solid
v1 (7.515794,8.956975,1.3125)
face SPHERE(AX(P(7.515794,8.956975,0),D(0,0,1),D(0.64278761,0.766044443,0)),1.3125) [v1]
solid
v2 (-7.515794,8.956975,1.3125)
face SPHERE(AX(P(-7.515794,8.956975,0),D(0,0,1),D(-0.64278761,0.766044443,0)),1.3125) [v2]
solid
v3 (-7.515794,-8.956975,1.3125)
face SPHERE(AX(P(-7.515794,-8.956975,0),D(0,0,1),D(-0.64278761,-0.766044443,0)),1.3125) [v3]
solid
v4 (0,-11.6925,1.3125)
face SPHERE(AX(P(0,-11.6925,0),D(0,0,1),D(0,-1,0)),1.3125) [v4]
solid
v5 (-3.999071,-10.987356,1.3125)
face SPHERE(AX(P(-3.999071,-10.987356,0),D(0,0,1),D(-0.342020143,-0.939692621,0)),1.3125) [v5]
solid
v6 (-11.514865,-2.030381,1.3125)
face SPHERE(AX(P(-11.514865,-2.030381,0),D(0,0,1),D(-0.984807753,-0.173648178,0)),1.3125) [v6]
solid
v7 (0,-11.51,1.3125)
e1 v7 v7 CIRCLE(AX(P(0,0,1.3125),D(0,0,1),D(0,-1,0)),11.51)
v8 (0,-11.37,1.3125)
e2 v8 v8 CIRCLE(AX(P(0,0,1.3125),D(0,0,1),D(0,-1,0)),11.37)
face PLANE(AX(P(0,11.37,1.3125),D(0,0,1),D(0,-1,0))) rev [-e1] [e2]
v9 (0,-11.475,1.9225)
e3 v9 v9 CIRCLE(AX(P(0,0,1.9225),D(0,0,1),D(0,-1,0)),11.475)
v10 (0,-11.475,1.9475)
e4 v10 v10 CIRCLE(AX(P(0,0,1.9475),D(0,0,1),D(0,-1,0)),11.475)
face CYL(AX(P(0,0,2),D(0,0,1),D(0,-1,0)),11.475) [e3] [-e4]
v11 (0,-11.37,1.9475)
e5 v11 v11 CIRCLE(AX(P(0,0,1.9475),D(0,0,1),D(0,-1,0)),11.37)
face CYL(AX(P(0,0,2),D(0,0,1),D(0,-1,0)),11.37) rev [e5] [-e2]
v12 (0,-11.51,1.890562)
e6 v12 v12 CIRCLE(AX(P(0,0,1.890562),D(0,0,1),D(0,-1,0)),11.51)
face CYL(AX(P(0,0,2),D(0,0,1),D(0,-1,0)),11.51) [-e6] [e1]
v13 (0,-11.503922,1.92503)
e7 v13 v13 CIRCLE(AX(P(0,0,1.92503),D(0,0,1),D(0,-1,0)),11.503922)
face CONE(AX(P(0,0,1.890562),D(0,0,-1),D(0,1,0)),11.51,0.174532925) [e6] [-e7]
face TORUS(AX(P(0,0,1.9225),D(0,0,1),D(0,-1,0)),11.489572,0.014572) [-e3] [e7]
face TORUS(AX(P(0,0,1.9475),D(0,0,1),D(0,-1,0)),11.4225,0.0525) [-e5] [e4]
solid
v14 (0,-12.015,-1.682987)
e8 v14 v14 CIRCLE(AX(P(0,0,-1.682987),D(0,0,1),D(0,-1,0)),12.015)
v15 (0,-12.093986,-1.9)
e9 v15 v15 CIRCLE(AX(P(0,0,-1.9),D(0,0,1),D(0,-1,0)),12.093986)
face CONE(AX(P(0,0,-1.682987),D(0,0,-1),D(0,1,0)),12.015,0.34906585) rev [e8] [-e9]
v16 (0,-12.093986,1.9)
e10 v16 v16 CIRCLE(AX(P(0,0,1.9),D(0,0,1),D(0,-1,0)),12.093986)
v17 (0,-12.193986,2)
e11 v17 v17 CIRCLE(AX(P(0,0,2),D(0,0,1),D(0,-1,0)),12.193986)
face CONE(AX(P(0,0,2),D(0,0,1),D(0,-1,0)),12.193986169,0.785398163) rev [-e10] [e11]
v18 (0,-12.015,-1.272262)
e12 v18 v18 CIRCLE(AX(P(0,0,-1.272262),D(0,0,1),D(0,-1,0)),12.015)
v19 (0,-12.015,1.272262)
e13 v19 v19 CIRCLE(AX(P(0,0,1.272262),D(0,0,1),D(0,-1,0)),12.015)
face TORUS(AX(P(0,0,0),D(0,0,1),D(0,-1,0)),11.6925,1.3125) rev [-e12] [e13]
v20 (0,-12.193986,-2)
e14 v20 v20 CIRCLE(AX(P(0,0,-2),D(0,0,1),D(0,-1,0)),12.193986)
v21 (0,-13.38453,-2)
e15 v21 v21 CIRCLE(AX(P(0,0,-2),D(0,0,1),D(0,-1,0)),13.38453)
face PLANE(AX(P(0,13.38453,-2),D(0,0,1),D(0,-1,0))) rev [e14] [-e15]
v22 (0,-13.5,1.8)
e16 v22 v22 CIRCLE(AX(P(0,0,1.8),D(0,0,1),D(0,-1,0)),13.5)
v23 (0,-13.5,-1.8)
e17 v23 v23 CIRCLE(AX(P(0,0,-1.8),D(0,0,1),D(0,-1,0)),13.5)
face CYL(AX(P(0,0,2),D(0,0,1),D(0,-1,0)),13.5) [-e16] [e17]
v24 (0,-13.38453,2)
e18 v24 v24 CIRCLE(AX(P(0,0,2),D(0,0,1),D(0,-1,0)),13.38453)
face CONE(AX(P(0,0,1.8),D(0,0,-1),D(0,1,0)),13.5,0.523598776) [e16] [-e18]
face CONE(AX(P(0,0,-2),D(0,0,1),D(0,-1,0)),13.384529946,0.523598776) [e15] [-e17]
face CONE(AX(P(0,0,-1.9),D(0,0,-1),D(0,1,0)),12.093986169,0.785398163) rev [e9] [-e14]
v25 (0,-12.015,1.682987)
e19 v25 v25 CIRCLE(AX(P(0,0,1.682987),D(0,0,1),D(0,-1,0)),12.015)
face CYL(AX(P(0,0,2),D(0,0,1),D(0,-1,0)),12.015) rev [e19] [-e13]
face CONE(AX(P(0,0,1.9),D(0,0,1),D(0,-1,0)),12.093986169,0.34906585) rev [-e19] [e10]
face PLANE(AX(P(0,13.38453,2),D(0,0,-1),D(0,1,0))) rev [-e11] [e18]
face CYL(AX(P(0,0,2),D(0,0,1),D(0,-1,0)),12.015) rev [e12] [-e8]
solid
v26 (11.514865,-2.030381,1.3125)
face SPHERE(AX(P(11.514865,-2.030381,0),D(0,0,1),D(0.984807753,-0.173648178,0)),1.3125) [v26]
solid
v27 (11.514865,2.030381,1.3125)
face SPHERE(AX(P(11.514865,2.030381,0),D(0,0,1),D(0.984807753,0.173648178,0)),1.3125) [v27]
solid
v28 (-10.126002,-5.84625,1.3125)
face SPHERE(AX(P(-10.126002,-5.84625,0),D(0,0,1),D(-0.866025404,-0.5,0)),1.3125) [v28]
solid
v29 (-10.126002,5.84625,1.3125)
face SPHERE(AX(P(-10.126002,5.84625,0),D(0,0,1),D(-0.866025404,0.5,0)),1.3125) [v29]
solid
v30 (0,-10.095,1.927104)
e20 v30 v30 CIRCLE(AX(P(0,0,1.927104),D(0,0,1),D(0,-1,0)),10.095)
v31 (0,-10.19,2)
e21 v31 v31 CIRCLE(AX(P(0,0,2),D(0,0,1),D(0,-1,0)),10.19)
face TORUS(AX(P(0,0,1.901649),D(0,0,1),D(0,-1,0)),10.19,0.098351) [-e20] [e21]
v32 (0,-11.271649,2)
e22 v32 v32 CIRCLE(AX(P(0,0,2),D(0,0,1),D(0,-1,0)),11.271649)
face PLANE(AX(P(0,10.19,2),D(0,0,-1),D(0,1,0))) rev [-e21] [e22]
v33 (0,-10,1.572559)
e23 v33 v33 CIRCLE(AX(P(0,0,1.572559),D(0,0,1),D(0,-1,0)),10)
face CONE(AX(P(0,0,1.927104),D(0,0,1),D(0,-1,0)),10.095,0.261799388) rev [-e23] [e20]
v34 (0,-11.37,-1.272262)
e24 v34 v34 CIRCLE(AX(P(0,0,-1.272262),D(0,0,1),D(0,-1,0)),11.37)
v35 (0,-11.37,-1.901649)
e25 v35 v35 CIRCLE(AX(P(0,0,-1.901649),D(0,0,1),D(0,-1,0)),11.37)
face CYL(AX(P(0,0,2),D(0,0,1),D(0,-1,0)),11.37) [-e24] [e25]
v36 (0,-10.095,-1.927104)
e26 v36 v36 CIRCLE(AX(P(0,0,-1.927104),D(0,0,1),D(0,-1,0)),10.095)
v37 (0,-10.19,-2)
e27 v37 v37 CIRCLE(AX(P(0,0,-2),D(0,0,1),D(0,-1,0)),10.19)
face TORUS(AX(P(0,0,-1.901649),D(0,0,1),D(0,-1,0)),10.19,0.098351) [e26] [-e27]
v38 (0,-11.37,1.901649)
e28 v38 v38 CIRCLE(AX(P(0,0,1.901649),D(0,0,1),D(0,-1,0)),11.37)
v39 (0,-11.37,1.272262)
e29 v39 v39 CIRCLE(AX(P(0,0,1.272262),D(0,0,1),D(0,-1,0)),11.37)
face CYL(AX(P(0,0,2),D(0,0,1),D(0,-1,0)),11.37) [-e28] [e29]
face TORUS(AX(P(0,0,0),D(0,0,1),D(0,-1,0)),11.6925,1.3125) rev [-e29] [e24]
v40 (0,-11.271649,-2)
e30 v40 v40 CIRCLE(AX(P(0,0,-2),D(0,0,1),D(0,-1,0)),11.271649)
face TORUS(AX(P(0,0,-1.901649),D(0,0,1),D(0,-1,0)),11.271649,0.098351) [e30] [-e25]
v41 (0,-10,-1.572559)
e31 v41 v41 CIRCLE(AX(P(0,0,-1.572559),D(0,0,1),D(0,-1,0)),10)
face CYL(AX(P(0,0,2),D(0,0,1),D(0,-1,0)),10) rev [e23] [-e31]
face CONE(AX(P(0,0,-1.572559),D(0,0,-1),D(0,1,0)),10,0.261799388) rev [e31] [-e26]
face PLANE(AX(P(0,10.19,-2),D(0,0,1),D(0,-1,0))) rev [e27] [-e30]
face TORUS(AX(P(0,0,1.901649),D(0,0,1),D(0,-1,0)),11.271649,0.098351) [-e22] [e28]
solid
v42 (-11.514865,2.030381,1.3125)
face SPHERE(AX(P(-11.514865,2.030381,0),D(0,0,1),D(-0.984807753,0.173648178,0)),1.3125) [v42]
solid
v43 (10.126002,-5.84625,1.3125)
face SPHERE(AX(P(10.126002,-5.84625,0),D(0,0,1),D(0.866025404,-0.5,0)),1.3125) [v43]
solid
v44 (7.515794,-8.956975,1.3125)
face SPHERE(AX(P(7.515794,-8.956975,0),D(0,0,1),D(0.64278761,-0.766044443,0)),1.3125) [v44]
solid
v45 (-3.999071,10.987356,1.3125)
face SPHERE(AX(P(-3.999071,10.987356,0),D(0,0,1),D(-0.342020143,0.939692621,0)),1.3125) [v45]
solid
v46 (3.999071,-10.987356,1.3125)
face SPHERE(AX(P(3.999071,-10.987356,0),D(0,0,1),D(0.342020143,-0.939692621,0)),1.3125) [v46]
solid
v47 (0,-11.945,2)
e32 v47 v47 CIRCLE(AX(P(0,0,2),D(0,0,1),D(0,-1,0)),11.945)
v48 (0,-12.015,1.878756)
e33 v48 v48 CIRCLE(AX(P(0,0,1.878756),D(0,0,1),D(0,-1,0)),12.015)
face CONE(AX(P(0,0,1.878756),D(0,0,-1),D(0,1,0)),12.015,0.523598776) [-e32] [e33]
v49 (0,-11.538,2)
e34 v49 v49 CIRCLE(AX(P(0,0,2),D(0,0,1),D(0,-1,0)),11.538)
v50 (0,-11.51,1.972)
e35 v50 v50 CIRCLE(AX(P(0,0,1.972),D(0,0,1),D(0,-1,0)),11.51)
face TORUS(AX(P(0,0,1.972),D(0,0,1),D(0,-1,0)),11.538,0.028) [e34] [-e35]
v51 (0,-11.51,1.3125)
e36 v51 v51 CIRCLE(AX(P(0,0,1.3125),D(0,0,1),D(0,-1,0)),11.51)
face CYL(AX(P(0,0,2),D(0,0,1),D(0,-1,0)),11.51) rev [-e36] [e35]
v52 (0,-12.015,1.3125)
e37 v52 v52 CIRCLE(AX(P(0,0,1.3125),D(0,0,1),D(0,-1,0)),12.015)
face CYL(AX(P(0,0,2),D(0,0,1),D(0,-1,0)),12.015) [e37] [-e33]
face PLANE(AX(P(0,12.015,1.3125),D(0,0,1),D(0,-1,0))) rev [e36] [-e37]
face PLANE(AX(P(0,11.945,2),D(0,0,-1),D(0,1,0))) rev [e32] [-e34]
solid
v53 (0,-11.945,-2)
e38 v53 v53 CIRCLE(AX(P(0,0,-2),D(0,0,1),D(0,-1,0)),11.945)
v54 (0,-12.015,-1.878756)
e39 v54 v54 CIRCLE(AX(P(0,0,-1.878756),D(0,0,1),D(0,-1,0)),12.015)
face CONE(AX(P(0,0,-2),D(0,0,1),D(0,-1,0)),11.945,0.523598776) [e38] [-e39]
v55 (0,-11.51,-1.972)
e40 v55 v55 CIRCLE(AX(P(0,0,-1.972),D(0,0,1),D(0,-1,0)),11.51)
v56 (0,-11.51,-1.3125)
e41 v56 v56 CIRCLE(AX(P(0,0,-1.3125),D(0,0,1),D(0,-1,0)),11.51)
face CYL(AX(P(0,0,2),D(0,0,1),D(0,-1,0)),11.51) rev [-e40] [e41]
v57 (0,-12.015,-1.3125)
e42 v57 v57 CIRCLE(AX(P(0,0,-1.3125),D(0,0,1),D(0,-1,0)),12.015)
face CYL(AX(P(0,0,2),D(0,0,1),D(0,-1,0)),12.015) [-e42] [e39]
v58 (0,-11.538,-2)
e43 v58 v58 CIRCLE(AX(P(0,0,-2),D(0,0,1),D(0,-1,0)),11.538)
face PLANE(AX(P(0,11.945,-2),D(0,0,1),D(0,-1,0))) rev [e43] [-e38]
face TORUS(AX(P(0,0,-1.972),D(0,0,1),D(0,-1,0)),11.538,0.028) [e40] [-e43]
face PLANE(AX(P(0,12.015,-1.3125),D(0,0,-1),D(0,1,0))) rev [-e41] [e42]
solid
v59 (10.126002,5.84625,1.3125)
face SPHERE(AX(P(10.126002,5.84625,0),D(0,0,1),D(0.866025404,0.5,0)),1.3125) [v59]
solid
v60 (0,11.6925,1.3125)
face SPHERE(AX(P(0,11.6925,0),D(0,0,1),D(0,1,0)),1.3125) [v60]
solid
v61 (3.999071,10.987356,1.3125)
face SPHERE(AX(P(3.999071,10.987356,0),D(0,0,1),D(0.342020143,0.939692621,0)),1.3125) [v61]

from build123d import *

# Parameters (mm, degrees)
CIRPATTERN1_COUNT = 18


with BuildPart() as part:
    # Sketch3 → Revolve1 (revolve)
    with BuildSketch(Plane(origin=(0, 0, 0), x_dir=(0, 0, -1), z_dir=(1, 0, 0))):
        with BuildLine():
            Line((-1.682987285, 12.015), (-1.9, 12.093986169))
            Line((-1.9, 12.093986169), (-2, 12.193986169))
            Line((-2, 12.193986169), (-2, 13.384529946))
            Line((-2, 13.384529946), (-1.8, 13.5))
            Line((-1.8, 13.5), (1.8, 13.5))
            Line((1.8, 13.5), (2, 13.384529946))
            Line((2, 13.384529946), (2, 12.193986169))
            Line((2, 12.193986169), (1.9, 12.093986169))
            Line((1.9, 12.093986169), (1.682987285, 12.015))
            Line((1.682987285, 12.015), (1.272261766, 12.015))
            ThreePointArc((1.272261766, 12.015), (0, 13.005), (-1.272261766, 12.015))
            Line((-1.272261766, 12.015), (-1.682987285, 12.015))
        make_face()
    revolve(axis=Axis((0, 0, 2), (0, 0, -1)))


with BuildPart() as body_2:
    # Sketch4 → Revolve2 (revolve)
    with BuildSketch(Plane(origin=(0, 0, 0), x_dir=(0, 0, -1), z_dir=(1, 0, 0))):
        with BuildLine():
            Line((-1.572559109, 10), (-1.927103936, 10.095))
            ThreePointArc((-1.927103936, 10.095), (-1.979676045, 10.13012756), (-2, 10.19))
            Line((-2, 10.19), (-2, 11.271648763))
            ThreePointArc((-2, 11.271648763), (-1.97119359, 11.34119359), (-1.901648763, 11.37))
            Line((-1.901648763, 11.37), (-1.272261766, 11.37))
            ThreePointArc((-1.272261766, 11.37), (0, 10.38), (1.272261766, 11.37))
            Line((1.272261766, 11.37), (1.901648763, 11.37))
            ThreePointArc((1.901648763, 11.37), (1.97119359, 11.34119359), (2, 11.271648763))
            Line((2, 11.271648763), (2, 10.19))
            ThreePointArc((2, 10.19), (1.979676045, 10.13012756), (1.927103936, 10.095))
            Line((1.927103936, 10.095), (1.572559109, 10))
            Line((1.572559109, 10), (-1.572559109, 10))
        make_face()
    revolve(axis=Axis((0, 0, 2), (0, 0, -1)))


with BuildPart() as body_3:
    # Sketch5 → Revolve3 (revolve)
    with BuildSketch(Plane(origin=(0, 0, 0), x_dir=(0, 0, -1), z_dir=(1, 0, 0))):
        with BuildLine():
            Line((-1.3125, 11.6925), (1.3125, 11.6925))
            ThreePointArc((1.3125, 11.6925), (0, 13.005), (-1.3125, 11.6925))
        make_face()
    revolve(axis=Axis((0, 11.6925, 1.3125), (0, 0, -1)))


with BuildPart() as cirpattern1_1:
    # CirPattern1: pattern copy
    add(body_3.part.rotate(Axis((0, 0, 0), (0, 0, 1)), 1 * 360 / CIRPATTERN1_COUNT))


with BuildPart() as cirpattern1_2:
    # CirPattern1: pattern copy
    add(body_3.part.rotate(Axis((0, 0, 0), (0, 0, 1)), 2 * 360 / CIRPATTERN1_COUNT))


with BuildPart() as cirpattern1_3:
    # CirPattern1: pattern copy
    add(body_3.part.rotate(Axis((0, 0, 0), (0, 0, 1)), 3 * 360 / CIRPATTERN1_COUNT))


with BuildPart() as cirpattern1_4:
    # CirPattern1: pattern copy
    add(body_3.part.rotate(Axis((0, 0, 0), (0, 0, 1)), 4 * 360 / CIRPATTERN1_COUNT))


with BuildPart() as cirpattern1_5:
    # CirPattern1: pattern copy
    add(body_3.part.rotate(Axis((0, 0, 0), (0, 0, 1)), 5 * 360 / CIRPATTERN1_COUNT))


with BuildPart() as cirpattern1_6:
    # CirPattern1: pattern copy
    add(body_3.part.rotate(Axis((0, 0, 0), (0, 0, 1)), 6 * 360 / CIRPATTERN1_COUNT))


with BuildPart() as cirpattern1_7:
    # CirPattern1: pattern copy
    add(body_3.part.rotate(Axis((0, 0, 0), (0, 0, 1)), 7 * 360 / CIRPATTERN1_COUNT))


with BuildPart() as cirpattern1_8:
    # CirPattern1: pattern copy
    add(body_3.part.rotate(Axis((0, 0, 0), (0, 0, 1)), 8 * 360 / CIRPATTERN1_COUNT))


with BuildPart() as cirpattern1_9:
    # CirPattern1: pattern copy
    add(body_3.part.rotate(Axis((0, 0, 0), (0, 0, 1)), 9 * 360 / CIRPATTERN1_COUNT))


with BuildPart() as cirpattern1_10:
    # CirPattern1: pattern copy
    add(body_3.part.rotate(Axis((0, 0, 0), (0, 0, 1)), 10 * 360 / CIRPATTERN1_COUNT))


with BuildPart() as cirpattern1_11:
    # CirPattern1: pattern copy
    add(body_3.part.rotate(Axis((0, 0, 0), (0, 0, 1)), 11 * 360 / CIRPATTERN1_COUNT))


with BuildPart() as cirpattern1_12:
    # CirPattern1: pattern copy
    add(body_3.part.rotate(Axis((0, 0, 0), (0, 0, 1)), 12 * 360 / CIRPATTERN1_COUNT))


with BuildPart() as cirpattern1_13:
    # CirPattern1: pattern copy
    add(body_3.part.rotate(Axis((0, 0, 0), (0, 0, 1)), 13 * 360 / CIRPATTERN1_COUNT))


with BuildPart() as cirpattern1_14:
    # CirPattern1: pattern copy
    add(body_3.part.rotate(Axis((0, 0, 0), (0, 0, 1)), 14 * 360 / CIRPATTERN1_COUNT))


with BuildPart() as cirpattern1_15:
    # CirPattern1: pattern copy
    add(body_3.part.rotate(Axis((0, 0, 0), (0, 0, 1)), 15 * 360 / CIRPATTERN1_COUNT))


with BuildPart() as cirpattern1_16:
    # CirPattern1: pattern copy
    add(body_3.part.rotate(Axis((0, 0, 0), (0, 0, 1)), 16 * 360 / CIRPATTERN1_COUNT))


with BuildPart() as cirpattern1_17:
    # CirPattern1: pattern copy
    add(body_3.part.rotate(Axis((0, 0, 0), (0, 0, 1)), 17 * 360 / CIRPATTERN1_COUNT))


with BuildPart() as body_21:
    # Sketch6 → Revolve4 (revolve)
    with BuildSketch(Plane(origin=(0, 0, 0), x_dir=(0, 0, -1), z_dir=(1, 0, 0))):
        with BuildLine():
            Line((-1.878756443, 12.015), (-1.3125, 12.015))
            Line((-1.3125, 12.015), (-1.3125, 11.51))
            Line((-1.3125, 11.51), (-1.972, 11.51))
            ThreePointArc((-1.972, 11.51), (-1.99179899, 11.51820101), (-2, 11.538))
            Line((-2, 11.538), (-2, 11.945))
            Line((-2, 11.945), (-1.878756443, 12.015))
        make_face()
        with BuildLine():
            Line((1.972, 11.51), (1.3125, 11.51))
            Line((1.3125, 11.51), (1.3125, 12.015))
            Line((1.3125, 12.015), (1.878756443, 12.015))
            Line((1.878756443, 12.015), (2, 11.945))
            Line((2, 11.945), (2, 11.538))
            ThreePointArc((2, 11.538), (1.99179899, 11.51820101), (1.972, 11.51))
        make_face()
    revolve(axis=Axis((0, 0, 2), (0, 0, -1)))


with BuildPart() as body_22:
    # Sketch7 → Revolve5 (revolve)
    with BuildSketch(Plane(origin=(0, 0, 0), x_dir=(0, 0, -1), z_dir=(1, 0, 0))):
        with BuildLine():
            Line((-1.3125, 11.51), (-1.890562103, 11.51))
            Line((-1.890562103, 11.51), (-1.925030375, 11.503922314))
            ThreePointArc((-1.925030375, 11.503922314), (-1.937016396, 11.488301826), (-1.9225, 11.475))
            Line((-1.9225, 11.475), (-1.9475, 11.475))
            ThreePointArc((-1.9475, 11.475), (-2, 11.4225), (-1.9475, 11.37))
            Line((-1.9475, 11.37), (-1.3125, 11.37))
            Line((-1.3125, 11.37), (-1.3125, 11.51))
        make_face()
    revolve(axis=Axis((0, 0, 2), (0, 0, -1)))


solid = Compound([part.part, body_2.part, body_3.part, cirpattern1_1.part, cirpattern1_2.part, cirpattern1_3.part, cirpattern1_4.part, cirpattern1_5.part, cirpattern1_6.part, cirpattern1_7.part, cirpattern1_8.part, cirpattern1_9.part, cirpattern1_10.part, cirpattern1_11.part, cirpattern1_12.part, cirpattern1_13.part, cirpattern1_14.part, cirpattern1_15.part, cirpattern1_16.part, cirpattern1_17.part, body_21.part, body_22.part])
